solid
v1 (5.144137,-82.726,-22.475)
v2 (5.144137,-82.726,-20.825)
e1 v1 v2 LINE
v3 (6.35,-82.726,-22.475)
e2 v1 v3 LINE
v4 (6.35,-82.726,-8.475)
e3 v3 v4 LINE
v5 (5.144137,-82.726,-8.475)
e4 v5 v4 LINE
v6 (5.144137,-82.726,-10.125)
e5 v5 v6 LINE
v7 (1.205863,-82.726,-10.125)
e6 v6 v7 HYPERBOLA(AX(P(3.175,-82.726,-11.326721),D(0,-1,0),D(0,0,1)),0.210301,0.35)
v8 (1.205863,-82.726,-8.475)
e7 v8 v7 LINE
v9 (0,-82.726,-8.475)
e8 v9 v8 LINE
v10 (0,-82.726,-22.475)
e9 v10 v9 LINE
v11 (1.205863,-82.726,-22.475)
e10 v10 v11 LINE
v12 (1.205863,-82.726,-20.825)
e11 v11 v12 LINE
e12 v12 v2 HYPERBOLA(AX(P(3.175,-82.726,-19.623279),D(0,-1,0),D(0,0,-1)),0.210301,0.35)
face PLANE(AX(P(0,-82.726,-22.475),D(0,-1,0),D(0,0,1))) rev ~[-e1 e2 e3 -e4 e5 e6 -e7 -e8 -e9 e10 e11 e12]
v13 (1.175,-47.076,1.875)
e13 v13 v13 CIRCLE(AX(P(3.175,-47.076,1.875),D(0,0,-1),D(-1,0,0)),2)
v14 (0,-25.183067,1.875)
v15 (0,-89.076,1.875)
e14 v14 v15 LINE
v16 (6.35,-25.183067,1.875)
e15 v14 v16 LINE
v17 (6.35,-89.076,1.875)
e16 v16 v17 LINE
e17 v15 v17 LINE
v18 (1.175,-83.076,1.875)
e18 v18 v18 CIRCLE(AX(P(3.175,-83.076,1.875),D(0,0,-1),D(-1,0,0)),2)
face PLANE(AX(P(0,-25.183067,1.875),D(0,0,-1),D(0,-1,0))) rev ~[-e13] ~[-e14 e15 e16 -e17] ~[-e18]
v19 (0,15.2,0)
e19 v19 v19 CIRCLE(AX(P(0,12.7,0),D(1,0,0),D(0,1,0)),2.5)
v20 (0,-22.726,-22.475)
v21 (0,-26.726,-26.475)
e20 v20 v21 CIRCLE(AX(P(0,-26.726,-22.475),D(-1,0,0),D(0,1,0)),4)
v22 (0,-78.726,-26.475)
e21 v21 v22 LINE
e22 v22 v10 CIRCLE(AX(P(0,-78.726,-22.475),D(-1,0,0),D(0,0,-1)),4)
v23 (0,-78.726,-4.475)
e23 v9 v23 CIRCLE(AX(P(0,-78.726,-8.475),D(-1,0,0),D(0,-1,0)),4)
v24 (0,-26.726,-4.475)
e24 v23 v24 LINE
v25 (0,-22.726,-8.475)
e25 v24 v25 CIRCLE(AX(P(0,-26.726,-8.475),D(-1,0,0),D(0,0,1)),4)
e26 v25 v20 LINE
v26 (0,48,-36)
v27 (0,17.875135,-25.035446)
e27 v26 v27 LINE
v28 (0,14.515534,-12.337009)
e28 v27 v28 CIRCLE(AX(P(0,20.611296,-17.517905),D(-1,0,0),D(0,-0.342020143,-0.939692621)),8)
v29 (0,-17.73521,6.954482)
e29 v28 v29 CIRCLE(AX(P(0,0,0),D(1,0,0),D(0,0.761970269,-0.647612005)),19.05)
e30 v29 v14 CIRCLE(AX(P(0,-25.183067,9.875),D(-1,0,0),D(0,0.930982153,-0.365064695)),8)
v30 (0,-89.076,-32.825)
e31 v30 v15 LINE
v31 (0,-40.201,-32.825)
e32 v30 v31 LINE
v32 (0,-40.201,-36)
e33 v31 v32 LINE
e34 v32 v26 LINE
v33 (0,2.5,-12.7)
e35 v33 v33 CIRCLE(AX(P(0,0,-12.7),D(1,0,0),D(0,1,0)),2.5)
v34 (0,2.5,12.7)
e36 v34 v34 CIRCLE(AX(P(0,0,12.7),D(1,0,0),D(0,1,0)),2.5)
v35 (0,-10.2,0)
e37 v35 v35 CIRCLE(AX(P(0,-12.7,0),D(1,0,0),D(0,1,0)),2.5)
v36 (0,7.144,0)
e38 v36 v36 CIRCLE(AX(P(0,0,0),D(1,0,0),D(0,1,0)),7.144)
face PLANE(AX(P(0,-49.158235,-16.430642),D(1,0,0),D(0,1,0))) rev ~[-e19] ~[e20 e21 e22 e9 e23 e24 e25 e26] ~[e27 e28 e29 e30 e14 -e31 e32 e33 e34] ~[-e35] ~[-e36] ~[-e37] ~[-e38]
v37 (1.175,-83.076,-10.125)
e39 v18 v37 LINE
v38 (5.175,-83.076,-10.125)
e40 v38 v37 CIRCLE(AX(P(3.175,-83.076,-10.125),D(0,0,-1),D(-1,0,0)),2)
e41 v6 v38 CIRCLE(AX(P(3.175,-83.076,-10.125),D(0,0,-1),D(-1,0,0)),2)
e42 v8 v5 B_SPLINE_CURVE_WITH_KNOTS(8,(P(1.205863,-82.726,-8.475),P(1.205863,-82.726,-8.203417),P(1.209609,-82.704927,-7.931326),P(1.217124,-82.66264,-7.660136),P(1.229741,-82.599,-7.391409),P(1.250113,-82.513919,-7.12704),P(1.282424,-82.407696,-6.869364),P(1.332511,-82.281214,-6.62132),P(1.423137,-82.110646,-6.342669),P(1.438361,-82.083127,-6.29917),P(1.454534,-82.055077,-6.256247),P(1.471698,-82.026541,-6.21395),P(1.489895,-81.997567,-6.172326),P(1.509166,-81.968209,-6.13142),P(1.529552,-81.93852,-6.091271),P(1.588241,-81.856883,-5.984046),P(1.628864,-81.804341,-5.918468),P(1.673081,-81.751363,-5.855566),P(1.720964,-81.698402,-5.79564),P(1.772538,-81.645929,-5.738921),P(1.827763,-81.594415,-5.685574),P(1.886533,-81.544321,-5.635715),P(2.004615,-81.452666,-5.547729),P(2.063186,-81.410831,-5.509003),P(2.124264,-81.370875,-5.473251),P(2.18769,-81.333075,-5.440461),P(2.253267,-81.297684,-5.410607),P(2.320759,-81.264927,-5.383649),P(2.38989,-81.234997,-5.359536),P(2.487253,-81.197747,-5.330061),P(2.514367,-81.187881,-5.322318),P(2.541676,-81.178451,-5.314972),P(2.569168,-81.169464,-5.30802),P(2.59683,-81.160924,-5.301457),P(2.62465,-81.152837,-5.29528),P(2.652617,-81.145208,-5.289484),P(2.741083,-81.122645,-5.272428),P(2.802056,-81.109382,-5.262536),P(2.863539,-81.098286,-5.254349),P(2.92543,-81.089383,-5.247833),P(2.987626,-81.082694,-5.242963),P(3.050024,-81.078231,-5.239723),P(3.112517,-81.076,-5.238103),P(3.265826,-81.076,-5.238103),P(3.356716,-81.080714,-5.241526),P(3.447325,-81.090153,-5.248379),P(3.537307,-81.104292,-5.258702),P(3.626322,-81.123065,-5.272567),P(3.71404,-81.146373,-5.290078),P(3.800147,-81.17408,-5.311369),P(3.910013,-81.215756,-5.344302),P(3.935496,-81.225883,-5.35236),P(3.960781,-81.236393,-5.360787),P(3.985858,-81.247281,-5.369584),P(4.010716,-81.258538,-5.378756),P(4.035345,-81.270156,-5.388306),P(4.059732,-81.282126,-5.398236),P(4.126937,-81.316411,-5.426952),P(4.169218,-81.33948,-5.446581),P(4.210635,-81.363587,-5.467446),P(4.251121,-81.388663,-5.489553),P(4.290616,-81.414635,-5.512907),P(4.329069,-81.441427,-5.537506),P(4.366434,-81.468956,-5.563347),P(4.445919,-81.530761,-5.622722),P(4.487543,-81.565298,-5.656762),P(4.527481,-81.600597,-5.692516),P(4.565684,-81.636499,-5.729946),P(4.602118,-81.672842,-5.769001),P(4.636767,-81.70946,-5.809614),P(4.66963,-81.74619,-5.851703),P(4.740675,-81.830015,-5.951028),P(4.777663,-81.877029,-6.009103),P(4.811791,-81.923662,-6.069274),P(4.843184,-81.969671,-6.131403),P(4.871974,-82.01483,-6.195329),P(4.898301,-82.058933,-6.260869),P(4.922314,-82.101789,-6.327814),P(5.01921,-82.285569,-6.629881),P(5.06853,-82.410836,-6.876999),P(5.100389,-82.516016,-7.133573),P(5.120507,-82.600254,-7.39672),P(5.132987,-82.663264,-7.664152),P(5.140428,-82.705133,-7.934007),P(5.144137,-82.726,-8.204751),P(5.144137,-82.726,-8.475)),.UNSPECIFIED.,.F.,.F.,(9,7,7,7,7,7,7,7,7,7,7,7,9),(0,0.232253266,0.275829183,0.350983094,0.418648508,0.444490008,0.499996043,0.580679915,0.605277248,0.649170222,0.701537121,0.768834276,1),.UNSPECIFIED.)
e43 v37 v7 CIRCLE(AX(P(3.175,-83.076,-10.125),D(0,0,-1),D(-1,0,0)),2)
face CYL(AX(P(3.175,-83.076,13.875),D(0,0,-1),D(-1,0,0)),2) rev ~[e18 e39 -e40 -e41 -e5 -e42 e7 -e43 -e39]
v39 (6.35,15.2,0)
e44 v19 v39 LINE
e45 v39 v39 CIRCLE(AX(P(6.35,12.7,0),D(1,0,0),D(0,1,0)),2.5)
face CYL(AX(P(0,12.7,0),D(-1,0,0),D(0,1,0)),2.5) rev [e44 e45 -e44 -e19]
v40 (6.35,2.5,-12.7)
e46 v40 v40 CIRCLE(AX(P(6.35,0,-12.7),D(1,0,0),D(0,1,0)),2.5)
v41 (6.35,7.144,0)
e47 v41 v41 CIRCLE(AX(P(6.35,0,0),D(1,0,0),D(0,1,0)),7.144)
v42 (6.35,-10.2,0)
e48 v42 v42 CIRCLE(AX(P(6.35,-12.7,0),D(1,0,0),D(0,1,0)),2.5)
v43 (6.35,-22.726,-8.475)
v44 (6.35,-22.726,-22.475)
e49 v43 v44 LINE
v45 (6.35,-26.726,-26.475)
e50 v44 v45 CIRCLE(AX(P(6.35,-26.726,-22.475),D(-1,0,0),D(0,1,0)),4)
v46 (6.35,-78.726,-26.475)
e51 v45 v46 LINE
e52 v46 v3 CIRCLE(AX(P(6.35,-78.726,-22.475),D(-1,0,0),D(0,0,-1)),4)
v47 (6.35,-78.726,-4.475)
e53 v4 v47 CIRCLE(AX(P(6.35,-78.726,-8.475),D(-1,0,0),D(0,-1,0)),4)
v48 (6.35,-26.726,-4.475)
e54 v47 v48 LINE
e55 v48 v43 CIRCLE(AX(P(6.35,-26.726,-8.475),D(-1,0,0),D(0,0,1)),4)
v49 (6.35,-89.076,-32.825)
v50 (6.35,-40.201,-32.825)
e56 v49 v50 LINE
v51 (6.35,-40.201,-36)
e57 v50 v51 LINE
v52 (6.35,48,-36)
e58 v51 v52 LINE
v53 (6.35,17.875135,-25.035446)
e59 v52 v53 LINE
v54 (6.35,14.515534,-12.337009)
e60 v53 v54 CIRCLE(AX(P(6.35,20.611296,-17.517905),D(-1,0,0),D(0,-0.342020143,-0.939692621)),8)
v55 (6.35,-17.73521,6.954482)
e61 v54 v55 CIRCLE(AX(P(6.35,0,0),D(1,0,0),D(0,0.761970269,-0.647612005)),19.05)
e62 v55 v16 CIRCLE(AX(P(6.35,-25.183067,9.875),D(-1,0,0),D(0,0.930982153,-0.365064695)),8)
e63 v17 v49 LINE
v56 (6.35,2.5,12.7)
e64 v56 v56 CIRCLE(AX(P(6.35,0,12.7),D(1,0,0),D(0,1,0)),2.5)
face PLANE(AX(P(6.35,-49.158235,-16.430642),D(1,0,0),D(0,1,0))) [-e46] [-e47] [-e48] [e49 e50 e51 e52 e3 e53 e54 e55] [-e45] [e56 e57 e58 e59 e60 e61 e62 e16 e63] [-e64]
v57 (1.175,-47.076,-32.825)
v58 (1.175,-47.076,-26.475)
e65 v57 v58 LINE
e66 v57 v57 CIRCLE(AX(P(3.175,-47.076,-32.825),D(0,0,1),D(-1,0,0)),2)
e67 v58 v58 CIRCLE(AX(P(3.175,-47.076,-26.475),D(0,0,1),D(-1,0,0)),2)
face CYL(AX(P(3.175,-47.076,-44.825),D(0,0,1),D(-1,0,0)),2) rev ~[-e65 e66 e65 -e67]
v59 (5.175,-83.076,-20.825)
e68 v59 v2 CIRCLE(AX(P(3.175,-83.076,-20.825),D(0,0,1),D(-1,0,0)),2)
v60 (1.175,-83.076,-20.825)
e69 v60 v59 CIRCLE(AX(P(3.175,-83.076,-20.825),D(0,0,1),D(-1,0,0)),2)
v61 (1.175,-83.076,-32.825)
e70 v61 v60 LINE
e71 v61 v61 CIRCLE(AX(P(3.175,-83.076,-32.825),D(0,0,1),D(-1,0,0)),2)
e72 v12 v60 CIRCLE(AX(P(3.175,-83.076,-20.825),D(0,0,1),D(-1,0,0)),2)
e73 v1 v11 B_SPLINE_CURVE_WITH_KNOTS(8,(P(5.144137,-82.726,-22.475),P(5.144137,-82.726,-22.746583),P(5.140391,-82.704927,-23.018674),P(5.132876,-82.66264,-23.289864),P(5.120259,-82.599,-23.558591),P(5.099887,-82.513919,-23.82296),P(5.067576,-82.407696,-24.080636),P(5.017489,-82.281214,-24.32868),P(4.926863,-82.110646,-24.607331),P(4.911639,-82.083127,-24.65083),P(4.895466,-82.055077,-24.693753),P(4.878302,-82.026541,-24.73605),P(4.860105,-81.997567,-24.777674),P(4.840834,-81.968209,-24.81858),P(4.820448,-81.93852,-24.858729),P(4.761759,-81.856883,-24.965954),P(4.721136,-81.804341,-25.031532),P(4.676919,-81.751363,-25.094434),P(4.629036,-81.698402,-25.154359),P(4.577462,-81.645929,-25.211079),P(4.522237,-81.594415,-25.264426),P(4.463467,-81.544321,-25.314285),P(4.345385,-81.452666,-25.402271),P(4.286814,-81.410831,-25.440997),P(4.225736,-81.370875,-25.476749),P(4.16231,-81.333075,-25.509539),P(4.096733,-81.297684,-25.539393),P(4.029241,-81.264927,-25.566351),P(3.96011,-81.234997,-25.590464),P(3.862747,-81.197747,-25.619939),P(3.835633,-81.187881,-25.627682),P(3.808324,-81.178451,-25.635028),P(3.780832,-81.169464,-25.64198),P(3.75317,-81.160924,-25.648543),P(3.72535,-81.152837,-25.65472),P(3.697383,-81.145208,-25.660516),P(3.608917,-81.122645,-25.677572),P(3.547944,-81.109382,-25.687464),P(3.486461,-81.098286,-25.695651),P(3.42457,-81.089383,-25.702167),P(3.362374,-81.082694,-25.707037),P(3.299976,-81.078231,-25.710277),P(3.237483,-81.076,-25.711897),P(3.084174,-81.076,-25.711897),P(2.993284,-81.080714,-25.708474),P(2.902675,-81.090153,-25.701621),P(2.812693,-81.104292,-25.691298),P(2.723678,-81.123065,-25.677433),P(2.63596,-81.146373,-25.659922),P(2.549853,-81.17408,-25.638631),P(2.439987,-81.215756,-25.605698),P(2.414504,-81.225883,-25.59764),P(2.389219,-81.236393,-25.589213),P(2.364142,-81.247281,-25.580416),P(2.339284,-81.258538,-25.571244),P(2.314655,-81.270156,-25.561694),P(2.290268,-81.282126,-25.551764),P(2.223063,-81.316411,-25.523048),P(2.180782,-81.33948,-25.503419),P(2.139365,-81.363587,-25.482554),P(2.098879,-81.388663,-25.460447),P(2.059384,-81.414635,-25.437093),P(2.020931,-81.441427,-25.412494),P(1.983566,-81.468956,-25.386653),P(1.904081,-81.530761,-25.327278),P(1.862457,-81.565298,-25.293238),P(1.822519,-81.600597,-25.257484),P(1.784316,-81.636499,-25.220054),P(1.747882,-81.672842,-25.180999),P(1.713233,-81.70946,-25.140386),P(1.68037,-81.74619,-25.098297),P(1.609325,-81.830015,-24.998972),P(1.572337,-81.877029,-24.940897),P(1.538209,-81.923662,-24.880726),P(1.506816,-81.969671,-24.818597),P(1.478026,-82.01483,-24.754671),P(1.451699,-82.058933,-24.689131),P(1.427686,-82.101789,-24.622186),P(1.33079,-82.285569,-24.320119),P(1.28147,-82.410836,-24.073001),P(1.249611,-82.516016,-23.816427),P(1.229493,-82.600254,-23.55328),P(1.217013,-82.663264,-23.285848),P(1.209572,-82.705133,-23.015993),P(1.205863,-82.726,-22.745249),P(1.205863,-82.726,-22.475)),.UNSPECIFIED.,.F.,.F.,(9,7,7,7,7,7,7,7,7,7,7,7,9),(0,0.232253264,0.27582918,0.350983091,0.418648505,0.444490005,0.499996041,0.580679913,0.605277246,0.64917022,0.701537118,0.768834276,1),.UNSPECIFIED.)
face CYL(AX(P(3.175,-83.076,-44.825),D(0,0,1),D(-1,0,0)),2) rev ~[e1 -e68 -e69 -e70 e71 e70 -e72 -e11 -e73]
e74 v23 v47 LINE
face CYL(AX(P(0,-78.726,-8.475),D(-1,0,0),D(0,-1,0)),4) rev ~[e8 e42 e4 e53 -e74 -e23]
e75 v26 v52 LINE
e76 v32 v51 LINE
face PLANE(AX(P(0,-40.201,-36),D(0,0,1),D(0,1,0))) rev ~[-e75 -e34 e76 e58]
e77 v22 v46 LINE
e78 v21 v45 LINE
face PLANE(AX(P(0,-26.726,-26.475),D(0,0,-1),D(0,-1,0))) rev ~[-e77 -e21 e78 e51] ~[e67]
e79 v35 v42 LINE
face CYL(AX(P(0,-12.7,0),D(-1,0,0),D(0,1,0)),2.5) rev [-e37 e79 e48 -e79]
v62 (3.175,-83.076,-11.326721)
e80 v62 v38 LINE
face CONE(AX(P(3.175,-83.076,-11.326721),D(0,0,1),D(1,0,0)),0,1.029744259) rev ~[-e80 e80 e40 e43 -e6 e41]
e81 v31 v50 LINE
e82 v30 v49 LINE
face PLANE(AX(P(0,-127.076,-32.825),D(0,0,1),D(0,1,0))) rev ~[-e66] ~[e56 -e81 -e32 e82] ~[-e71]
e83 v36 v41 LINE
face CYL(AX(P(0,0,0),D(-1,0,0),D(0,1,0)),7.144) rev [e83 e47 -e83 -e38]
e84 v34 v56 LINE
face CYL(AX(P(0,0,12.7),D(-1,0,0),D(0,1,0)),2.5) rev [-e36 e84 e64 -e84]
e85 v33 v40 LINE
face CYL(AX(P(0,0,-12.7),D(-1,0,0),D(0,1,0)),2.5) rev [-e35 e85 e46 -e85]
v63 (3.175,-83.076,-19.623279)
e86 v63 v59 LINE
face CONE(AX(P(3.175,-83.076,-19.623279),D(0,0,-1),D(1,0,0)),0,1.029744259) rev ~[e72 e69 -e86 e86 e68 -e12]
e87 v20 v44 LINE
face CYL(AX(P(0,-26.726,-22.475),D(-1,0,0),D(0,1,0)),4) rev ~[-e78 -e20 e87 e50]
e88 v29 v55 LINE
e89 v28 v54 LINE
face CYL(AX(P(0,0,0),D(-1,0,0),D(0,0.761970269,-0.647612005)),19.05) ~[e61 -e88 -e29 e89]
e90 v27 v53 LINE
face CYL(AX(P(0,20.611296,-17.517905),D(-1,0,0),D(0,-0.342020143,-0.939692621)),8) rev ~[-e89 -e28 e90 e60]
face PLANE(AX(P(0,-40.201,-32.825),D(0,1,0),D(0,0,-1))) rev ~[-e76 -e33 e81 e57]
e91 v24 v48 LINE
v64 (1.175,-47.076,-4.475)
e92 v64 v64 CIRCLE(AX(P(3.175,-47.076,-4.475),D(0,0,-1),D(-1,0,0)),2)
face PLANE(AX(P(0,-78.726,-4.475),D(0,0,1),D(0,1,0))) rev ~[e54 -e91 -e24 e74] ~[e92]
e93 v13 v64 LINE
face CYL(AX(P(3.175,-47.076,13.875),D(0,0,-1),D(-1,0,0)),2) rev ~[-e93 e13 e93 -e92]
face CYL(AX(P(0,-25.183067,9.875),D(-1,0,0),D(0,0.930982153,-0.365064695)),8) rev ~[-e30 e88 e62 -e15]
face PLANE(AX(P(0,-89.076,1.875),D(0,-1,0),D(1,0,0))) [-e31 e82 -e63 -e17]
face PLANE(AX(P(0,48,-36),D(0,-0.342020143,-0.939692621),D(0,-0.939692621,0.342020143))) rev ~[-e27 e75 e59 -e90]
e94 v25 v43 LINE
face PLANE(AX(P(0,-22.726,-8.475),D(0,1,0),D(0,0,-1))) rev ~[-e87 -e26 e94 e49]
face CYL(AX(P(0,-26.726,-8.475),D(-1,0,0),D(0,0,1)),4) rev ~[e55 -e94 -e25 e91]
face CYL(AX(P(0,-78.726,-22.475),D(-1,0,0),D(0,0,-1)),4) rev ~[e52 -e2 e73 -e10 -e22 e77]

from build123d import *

# Parameters (mm, degrees)
F0_R     = 2.5
F0_R_2   = 7.144
F1_DEPTH = 6.35
F2_W     = 6.35
F2_H     = 38
F3_DEPTH = 37.876
F5_D     = 4
F5_DEPTH = 12
F5_TIP   = 1.2017212381
F7_D     = 4
F7_DEPTH = 12
F7_TIP   = 1.2017212381


with BuildPart() as f1:
    # F0 (on Right) → F1 (new body)
    with BuildSketch(Plane.YZ):
        with BuildLine():
            ThreePointArc((17.8751346366, -25.0354456965), (12.8773903734, -19.5640491806), (14.5155336292, -12.3370086917))
            ThreePointArc((14.5155336292, -12.3370086917), (9.7791608288, 16.348410121), (-17.735210007, 6.9544824399))
            ThreePointArc((-17.735210007, 6.9544824399), (-20.675525796, 3.2657587243), (-25.1830672278, 1.875))
            Line((-25.1830672278, 1.875), (-127.076, 1.875))
            Line((-127.076, 1.875), (-127.076, -4.475))
            Line((-127.076, -4.475), (-93.076, -4.475))
            ThreePointArc((-93.076, -4.475), (-90.2475728753, -5.6465728753), (-89.076, -8.475))
            Line((-89.076, -8.475), (-89.076, -22.475))
            ThreePointArc((-89.076, -22.475), (-90.2475728753, -25.3034271247), (-93.076, -26.475))
            Line((-93.076, -26.475), (-127.076, -26.475))
            Line((-127.076, -26.475), (-127.076, -32.825))
            Line((-127.076, -32.825), (-40.201, -32.825))
            Line((-40.201, -32.825), (-40.201, -36))
            Line((-40.201, -36), (48, -36))
            Line((48, -36), (17.8751346366, -25.0354456965))
        make_face()
        with BuildLine():
            ThreePointArc((-82.726, -8.475), (-81.5544271247, -5.6465728753), (-78.726, -4.475))
            Line((-78.726, -4.475), (-26.726, -4.475))
            ThreePointArc((-26.726, -4.475), (-23.8975728753, -5.6465728753), (-22.726, -8.475))
            Line((-22.726, -8.475), (-22.726, -22.475))
            ThreePointArc((-22.726, -22.475), (-23.8975728753, -25.3034271247), (-26.726, -26.475))
            Line((-26.726, -26.475), (-78.726, -26.475))
            ThreePointArc((-78.726, -26.475), (-81.5544271247, -25.3034271247), (-82.726, -22.475))
            Line((-82.726, -22.475), (-82.726, -8.475))
        make_face(mode=Mode.SUBTRACT)
        with Locations((0, -12.7)):
            Circle(F0_R, mode=Mode.SUBTRACT)
        with Locations((-12.7, 0)):
            Circle(F0_R, mode=Mode.SUBTRACT)
        Circle(F0_R_2, mode=Mode.SUBTRACT)
        with Locations((12.7, 0)):
            Circle(F0_R, mode=Mode.SUBTRACT)
        with Locations((0, 12.7)):
            Circle(F0_R, mode=Mode.SUBTRACT)
    extrude(amount=F1_DEPTH)

    # F2 (on face) → F3 (cut, through all)
    with BuildSketch(Plane.XY.offset(1.875)):
        with Locations((3.175, -108.076)):
            Rectangle(F2_W, F2_H)
    extrude(amount=-F3_DEPTH, mode=Mode.SUBTRACT)

    # F5
    with Locations(Plane.XY.offset(1.875)):
        with Locations((3.175, -83.076), (3.175, -47.076)):
            Hole(F5_D / 2, depth=F5_DEPTH)
            with Locations((0, 0, -(F5_DEPTH + F5_TIP / 2))):  # 118° drill point
                Cone(0, F5_D / 2, F5_TIP, mode=Mode.SUBTRACT)

    # F7
    with Locations(Plane(origin=(0, 0, -32.825), x_dir=(1, 0, 0), z_dir=(0, 0, -1))):
        with Locations((3.175, 83.076), (3.175, 47.076)):
            Hole(F7_D / 2, depth=F7_DEPTH)
            with Locations((0, 0, -(F7_DEPTH + F7_TIP / 2))):  # 118° drill point
                Cone(0, F7_D / 2, F7_TIP, mode=Mode.SUBTRACT)


solid = f1.part
